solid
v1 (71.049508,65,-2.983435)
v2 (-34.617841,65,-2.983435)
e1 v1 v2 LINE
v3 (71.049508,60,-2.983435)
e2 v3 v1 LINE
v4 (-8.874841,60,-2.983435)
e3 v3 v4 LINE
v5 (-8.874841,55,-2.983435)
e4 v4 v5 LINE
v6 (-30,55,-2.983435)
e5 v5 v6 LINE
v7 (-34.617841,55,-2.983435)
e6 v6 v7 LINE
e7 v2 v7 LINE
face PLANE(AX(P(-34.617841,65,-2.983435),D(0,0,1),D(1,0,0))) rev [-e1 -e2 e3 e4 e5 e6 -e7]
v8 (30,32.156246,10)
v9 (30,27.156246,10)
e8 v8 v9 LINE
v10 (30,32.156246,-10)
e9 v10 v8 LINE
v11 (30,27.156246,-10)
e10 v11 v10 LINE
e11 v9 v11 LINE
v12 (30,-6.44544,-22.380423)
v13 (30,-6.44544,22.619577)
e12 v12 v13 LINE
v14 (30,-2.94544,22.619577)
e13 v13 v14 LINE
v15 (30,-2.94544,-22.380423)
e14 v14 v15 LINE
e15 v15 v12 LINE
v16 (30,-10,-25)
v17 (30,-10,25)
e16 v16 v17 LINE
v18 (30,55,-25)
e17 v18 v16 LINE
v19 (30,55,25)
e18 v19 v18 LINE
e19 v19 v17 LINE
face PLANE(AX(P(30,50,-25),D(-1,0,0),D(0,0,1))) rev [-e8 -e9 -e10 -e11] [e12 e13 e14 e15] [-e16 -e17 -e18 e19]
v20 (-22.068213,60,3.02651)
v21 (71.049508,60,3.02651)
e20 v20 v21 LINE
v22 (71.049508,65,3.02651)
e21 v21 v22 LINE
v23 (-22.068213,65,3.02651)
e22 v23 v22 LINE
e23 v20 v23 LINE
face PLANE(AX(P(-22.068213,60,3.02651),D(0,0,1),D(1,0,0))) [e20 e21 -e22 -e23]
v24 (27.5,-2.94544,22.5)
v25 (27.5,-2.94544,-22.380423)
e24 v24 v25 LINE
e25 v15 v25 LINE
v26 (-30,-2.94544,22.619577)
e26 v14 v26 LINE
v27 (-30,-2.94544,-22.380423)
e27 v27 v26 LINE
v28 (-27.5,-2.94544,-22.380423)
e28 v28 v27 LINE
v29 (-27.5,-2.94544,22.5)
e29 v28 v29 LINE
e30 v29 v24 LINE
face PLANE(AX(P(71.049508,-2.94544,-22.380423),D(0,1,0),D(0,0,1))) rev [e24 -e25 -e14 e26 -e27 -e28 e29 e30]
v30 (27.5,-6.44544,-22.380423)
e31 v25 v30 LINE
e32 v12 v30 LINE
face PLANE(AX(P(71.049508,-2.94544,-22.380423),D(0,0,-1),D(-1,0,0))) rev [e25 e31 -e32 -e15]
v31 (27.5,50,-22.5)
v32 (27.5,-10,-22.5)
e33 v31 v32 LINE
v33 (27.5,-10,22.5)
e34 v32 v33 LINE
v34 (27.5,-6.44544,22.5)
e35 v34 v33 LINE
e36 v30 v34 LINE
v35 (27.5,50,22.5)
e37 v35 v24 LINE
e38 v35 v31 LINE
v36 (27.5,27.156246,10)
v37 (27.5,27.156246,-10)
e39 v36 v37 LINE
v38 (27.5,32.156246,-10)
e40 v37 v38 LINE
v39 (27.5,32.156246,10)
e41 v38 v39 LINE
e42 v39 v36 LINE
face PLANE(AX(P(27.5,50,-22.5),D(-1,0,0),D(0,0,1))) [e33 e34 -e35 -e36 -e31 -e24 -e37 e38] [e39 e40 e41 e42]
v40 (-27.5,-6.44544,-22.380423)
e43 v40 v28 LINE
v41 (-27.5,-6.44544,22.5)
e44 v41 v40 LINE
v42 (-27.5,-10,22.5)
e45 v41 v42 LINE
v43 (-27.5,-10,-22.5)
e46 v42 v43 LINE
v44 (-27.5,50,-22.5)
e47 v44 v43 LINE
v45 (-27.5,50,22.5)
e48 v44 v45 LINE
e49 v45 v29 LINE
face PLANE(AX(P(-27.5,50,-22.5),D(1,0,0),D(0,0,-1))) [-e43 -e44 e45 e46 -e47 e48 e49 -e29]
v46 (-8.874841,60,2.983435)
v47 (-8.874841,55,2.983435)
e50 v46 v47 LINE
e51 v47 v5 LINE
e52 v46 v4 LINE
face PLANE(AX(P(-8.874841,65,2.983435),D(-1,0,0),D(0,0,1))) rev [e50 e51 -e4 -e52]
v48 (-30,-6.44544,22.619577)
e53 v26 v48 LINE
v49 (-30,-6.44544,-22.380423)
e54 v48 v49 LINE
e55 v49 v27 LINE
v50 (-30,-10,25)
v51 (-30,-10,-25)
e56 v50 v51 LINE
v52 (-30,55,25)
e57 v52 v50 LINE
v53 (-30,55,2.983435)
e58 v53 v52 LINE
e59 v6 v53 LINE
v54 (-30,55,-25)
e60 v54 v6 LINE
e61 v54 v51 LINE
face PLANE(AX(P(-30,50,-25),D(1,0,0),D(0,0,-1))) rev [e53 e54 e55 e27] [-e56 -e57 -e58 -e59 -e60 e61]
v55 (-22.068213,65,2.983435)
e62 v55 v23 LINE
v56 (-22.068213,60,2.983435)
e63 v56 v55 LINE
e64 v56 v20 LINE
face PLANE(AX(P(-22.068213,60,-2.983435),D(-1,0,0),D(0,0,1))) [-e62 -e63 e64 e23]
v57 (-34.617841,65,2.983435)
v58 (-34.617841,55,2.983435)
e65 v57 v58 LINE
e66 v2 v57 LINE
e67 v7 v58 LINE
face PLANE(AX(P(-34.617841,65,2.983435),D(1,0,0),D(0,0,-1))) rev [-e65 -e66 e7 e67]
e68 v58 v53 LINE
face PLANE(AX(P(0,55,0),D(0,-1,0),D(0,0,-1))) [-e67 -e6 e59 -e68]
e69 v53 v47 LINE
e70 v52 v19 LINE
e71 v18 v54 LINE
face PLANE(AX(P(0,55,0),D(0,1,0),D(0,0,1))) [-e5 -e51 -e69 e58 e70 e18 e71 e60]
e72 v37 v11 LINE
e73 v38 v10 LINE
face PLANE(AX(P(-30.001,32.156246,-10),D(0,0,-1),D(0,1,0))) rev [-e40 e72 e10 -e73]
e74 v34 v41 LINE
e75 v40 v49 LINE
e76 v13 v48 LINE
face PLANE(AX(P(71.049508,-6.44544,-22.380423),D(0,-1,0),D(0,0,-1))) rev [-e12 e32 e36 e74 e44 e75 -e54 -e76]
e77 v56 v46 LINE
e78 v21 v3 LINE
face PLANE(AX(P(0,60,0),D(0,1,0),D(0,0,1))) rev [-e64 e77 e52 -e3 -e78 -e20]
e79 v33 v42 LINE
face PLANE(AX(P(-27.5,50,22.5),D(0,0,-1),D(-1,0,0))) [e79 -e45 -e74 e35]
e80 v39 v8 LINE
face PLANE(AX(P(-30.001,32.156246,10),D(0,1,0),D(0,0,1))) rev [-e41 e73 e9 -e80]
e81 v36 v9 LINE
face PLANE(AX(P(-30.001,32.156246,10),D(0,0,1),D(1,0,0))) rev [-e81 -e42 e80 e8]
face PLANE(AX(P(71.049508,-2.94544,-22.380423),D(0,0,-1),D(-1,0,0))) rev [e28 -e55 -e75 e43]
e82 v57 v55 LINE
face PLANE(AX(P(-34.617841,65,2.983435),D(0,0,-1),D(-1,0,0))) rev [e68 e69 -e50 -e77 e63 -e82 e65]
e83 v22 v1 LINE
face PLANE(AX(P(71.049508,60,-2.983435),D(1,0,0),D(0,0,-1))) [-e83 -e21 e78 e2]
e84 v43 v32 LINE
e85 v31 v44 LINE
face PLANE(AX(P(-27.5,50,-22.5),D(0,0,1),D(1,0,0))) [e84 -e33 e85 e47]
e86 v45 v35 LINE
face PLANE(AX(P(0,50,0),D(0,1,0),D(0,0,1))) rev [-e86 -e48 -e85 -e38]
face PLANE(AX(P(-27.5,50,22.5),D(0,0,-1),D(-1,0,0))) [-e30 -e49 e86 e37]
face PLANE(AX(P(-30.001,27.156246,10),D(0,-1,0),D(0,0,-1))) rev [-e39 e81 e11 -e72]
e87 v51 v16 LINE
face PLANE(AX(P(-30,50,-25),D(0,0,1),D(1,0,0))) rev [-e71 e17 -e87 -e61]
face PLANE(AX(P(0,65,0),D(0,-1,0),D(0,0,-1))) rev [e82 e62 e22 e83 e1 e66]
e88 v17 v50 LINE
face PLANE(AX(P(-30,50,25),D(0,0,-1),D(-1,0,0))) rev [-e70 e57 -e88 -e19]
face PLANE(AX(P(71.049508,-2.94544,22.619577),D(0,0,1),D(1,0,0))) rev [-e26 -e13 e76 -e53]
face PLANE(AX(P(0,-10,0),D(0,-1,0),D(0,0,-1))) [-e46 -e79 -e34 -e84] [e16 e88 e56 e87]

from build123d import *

# Parameters (mm, degrees)
SKETCH1_W               = 60
SKETCH1_H               = 50
SKETCH1_W_2             = 55
SKETCH1_H_2             = 45
BOSS_EXTRUDE1_DEPTH     = 50
SKETCH2_W               = 60
SKETCH2_H               = 50
BOSS_EXTRUDE2_DEPTH     = 5
CUT_EXTRUDE1_REACH      = 87.147
SKETCH3_W               = 20
SKETCH3_H               = 5
SKETCH4_W               = 25.74299971
SKETCH4_H               = 5.966870814
BOSS_EXTRUDE5_DEPTH     = 10
SKETCH8_W               = 93.117720322
SKETCH8_H               = 6.00994507
BOSS_EXTRUDE6_DEPTH     = 5
SKETCH10_W              = 60
SKETCH10_H              = 50
SKETCH10_W_2            = 55
SKETCH10_H_2            = 45
BOSS_EXTRUDE7_DEPTH     = 10
CUT_EXTRUDE2_DEPTH      = 123.723278076
CUT_EXTRUDE2_DEPTH_BACK = 123.723278076
SKETCH11_W              = 45
SKETCH11_H              = 3.5


with BuildPart() as part:
    # Sketch1 → Boss-Extrude1 (new body)
    with BuildSketch(Plane(origin=(0, 0, 0), x_dir=(1, 0, 0), z_dir=(0, 1, 0))):
        Rectangle(SKETCH1_W, SKETCH1_H)
        Rectangle(SKETCH1_W_2, SKETCH1_H_2, mode=Mode.SUBTRACT)
    extrude(amount=BOSS_EXTRUDE1_DEPTH)

    # Sketch2 → Boss-Extrude2 (add)
    with BuildSketch(Plane(origin=(0, 50, 0), x_dir=(1, 0, 0), z_dir=(0, 1, 0))):
        Rectangle(SKETCH2_W, SKETCH2_H)
    extrude(amount=BOSS_EXTRUDE2_DEPTH)

    # Sketch3 → Cut-Extrude1 (cut, up to next)
    with BuildSketch(Plane(origin=(30, 0, 0), x_dir=(0, 0, -1), z_dir=(1, 0, 0)), mode=Mode.PRIVATE) as cut_extrude1_sk1:
        with Locations((0, 29.65624639)):
            Rectangle(SKETCH3_W, SKETCH3_H)
    cut_extrude1_tool1 = extrude(cut_extrude1_sk1.sketch, amount=-CUT_EXTRUDE1_REACH, mode=Mode.PRIVATE) & part.part
    add(cut_extrude1_tool1.solids().sort_by_distance((30, 29.656246, 0))[0], mode=Mode.SUBTRACT)

    # Sketch4 → Boss-Extrude5 (add)
    with BuildSketch(Plane(origin=(0, 55, 0), x_dir=(1, 0, 0), z_dir=(0, 1, 0))):
        with Locations((-21.74634114, 0)):
            Rectangle(SKETCH4_W, SKETCH4_H)
    extrude(amount=BOSS_EXTRUDE5_DEPTH)

    # Sketch8 → Boss-Extrude6 (add)
    with BuildSketch(Plane(origin=(0, 65, 0), x_dir=(1, 0, 0), z_dir=(0, 1, 0))):
        with Locations((24.490647417, -0.021537128)):
            Rectangle(SKETCH8_W, SKETCH8_H)
    extrude(amount=-BOSS_EXTRUDE6_DEPTH)

    # Sketch10 → Boss-Extrude7 (add)
    with BuildSketch(Plane.XZ):
        Rectangle(SKETCH10_W, SKETCH10_H)
        Rectangle(SKETCH10_W_2, SKETCH10_H_2, mode=Mode.SUBTRACT)
    extrude(amount=BOSS_EXTRUDE7_DEPTH)

    # Sketch11 → Cut-Extrude2 (cut, two sides: drawn at the far end of the back side and taken through both)
    with BuildSketch(Plane.ZY.offset(30).offset(-CUT_EXTRUDE2_DEPTH_BACK)):
        with Locations((0.11957715, -4.695440094)):
            Rectangle(SKETCH11_W, SKETCH11_H)
    extrude(amount=CUT_EXTRUDE2_DEPTH + CUT_EXTRUDE2_DEPTH_BACK, mode=Mode.SUBTRACT)


solid = part.part
